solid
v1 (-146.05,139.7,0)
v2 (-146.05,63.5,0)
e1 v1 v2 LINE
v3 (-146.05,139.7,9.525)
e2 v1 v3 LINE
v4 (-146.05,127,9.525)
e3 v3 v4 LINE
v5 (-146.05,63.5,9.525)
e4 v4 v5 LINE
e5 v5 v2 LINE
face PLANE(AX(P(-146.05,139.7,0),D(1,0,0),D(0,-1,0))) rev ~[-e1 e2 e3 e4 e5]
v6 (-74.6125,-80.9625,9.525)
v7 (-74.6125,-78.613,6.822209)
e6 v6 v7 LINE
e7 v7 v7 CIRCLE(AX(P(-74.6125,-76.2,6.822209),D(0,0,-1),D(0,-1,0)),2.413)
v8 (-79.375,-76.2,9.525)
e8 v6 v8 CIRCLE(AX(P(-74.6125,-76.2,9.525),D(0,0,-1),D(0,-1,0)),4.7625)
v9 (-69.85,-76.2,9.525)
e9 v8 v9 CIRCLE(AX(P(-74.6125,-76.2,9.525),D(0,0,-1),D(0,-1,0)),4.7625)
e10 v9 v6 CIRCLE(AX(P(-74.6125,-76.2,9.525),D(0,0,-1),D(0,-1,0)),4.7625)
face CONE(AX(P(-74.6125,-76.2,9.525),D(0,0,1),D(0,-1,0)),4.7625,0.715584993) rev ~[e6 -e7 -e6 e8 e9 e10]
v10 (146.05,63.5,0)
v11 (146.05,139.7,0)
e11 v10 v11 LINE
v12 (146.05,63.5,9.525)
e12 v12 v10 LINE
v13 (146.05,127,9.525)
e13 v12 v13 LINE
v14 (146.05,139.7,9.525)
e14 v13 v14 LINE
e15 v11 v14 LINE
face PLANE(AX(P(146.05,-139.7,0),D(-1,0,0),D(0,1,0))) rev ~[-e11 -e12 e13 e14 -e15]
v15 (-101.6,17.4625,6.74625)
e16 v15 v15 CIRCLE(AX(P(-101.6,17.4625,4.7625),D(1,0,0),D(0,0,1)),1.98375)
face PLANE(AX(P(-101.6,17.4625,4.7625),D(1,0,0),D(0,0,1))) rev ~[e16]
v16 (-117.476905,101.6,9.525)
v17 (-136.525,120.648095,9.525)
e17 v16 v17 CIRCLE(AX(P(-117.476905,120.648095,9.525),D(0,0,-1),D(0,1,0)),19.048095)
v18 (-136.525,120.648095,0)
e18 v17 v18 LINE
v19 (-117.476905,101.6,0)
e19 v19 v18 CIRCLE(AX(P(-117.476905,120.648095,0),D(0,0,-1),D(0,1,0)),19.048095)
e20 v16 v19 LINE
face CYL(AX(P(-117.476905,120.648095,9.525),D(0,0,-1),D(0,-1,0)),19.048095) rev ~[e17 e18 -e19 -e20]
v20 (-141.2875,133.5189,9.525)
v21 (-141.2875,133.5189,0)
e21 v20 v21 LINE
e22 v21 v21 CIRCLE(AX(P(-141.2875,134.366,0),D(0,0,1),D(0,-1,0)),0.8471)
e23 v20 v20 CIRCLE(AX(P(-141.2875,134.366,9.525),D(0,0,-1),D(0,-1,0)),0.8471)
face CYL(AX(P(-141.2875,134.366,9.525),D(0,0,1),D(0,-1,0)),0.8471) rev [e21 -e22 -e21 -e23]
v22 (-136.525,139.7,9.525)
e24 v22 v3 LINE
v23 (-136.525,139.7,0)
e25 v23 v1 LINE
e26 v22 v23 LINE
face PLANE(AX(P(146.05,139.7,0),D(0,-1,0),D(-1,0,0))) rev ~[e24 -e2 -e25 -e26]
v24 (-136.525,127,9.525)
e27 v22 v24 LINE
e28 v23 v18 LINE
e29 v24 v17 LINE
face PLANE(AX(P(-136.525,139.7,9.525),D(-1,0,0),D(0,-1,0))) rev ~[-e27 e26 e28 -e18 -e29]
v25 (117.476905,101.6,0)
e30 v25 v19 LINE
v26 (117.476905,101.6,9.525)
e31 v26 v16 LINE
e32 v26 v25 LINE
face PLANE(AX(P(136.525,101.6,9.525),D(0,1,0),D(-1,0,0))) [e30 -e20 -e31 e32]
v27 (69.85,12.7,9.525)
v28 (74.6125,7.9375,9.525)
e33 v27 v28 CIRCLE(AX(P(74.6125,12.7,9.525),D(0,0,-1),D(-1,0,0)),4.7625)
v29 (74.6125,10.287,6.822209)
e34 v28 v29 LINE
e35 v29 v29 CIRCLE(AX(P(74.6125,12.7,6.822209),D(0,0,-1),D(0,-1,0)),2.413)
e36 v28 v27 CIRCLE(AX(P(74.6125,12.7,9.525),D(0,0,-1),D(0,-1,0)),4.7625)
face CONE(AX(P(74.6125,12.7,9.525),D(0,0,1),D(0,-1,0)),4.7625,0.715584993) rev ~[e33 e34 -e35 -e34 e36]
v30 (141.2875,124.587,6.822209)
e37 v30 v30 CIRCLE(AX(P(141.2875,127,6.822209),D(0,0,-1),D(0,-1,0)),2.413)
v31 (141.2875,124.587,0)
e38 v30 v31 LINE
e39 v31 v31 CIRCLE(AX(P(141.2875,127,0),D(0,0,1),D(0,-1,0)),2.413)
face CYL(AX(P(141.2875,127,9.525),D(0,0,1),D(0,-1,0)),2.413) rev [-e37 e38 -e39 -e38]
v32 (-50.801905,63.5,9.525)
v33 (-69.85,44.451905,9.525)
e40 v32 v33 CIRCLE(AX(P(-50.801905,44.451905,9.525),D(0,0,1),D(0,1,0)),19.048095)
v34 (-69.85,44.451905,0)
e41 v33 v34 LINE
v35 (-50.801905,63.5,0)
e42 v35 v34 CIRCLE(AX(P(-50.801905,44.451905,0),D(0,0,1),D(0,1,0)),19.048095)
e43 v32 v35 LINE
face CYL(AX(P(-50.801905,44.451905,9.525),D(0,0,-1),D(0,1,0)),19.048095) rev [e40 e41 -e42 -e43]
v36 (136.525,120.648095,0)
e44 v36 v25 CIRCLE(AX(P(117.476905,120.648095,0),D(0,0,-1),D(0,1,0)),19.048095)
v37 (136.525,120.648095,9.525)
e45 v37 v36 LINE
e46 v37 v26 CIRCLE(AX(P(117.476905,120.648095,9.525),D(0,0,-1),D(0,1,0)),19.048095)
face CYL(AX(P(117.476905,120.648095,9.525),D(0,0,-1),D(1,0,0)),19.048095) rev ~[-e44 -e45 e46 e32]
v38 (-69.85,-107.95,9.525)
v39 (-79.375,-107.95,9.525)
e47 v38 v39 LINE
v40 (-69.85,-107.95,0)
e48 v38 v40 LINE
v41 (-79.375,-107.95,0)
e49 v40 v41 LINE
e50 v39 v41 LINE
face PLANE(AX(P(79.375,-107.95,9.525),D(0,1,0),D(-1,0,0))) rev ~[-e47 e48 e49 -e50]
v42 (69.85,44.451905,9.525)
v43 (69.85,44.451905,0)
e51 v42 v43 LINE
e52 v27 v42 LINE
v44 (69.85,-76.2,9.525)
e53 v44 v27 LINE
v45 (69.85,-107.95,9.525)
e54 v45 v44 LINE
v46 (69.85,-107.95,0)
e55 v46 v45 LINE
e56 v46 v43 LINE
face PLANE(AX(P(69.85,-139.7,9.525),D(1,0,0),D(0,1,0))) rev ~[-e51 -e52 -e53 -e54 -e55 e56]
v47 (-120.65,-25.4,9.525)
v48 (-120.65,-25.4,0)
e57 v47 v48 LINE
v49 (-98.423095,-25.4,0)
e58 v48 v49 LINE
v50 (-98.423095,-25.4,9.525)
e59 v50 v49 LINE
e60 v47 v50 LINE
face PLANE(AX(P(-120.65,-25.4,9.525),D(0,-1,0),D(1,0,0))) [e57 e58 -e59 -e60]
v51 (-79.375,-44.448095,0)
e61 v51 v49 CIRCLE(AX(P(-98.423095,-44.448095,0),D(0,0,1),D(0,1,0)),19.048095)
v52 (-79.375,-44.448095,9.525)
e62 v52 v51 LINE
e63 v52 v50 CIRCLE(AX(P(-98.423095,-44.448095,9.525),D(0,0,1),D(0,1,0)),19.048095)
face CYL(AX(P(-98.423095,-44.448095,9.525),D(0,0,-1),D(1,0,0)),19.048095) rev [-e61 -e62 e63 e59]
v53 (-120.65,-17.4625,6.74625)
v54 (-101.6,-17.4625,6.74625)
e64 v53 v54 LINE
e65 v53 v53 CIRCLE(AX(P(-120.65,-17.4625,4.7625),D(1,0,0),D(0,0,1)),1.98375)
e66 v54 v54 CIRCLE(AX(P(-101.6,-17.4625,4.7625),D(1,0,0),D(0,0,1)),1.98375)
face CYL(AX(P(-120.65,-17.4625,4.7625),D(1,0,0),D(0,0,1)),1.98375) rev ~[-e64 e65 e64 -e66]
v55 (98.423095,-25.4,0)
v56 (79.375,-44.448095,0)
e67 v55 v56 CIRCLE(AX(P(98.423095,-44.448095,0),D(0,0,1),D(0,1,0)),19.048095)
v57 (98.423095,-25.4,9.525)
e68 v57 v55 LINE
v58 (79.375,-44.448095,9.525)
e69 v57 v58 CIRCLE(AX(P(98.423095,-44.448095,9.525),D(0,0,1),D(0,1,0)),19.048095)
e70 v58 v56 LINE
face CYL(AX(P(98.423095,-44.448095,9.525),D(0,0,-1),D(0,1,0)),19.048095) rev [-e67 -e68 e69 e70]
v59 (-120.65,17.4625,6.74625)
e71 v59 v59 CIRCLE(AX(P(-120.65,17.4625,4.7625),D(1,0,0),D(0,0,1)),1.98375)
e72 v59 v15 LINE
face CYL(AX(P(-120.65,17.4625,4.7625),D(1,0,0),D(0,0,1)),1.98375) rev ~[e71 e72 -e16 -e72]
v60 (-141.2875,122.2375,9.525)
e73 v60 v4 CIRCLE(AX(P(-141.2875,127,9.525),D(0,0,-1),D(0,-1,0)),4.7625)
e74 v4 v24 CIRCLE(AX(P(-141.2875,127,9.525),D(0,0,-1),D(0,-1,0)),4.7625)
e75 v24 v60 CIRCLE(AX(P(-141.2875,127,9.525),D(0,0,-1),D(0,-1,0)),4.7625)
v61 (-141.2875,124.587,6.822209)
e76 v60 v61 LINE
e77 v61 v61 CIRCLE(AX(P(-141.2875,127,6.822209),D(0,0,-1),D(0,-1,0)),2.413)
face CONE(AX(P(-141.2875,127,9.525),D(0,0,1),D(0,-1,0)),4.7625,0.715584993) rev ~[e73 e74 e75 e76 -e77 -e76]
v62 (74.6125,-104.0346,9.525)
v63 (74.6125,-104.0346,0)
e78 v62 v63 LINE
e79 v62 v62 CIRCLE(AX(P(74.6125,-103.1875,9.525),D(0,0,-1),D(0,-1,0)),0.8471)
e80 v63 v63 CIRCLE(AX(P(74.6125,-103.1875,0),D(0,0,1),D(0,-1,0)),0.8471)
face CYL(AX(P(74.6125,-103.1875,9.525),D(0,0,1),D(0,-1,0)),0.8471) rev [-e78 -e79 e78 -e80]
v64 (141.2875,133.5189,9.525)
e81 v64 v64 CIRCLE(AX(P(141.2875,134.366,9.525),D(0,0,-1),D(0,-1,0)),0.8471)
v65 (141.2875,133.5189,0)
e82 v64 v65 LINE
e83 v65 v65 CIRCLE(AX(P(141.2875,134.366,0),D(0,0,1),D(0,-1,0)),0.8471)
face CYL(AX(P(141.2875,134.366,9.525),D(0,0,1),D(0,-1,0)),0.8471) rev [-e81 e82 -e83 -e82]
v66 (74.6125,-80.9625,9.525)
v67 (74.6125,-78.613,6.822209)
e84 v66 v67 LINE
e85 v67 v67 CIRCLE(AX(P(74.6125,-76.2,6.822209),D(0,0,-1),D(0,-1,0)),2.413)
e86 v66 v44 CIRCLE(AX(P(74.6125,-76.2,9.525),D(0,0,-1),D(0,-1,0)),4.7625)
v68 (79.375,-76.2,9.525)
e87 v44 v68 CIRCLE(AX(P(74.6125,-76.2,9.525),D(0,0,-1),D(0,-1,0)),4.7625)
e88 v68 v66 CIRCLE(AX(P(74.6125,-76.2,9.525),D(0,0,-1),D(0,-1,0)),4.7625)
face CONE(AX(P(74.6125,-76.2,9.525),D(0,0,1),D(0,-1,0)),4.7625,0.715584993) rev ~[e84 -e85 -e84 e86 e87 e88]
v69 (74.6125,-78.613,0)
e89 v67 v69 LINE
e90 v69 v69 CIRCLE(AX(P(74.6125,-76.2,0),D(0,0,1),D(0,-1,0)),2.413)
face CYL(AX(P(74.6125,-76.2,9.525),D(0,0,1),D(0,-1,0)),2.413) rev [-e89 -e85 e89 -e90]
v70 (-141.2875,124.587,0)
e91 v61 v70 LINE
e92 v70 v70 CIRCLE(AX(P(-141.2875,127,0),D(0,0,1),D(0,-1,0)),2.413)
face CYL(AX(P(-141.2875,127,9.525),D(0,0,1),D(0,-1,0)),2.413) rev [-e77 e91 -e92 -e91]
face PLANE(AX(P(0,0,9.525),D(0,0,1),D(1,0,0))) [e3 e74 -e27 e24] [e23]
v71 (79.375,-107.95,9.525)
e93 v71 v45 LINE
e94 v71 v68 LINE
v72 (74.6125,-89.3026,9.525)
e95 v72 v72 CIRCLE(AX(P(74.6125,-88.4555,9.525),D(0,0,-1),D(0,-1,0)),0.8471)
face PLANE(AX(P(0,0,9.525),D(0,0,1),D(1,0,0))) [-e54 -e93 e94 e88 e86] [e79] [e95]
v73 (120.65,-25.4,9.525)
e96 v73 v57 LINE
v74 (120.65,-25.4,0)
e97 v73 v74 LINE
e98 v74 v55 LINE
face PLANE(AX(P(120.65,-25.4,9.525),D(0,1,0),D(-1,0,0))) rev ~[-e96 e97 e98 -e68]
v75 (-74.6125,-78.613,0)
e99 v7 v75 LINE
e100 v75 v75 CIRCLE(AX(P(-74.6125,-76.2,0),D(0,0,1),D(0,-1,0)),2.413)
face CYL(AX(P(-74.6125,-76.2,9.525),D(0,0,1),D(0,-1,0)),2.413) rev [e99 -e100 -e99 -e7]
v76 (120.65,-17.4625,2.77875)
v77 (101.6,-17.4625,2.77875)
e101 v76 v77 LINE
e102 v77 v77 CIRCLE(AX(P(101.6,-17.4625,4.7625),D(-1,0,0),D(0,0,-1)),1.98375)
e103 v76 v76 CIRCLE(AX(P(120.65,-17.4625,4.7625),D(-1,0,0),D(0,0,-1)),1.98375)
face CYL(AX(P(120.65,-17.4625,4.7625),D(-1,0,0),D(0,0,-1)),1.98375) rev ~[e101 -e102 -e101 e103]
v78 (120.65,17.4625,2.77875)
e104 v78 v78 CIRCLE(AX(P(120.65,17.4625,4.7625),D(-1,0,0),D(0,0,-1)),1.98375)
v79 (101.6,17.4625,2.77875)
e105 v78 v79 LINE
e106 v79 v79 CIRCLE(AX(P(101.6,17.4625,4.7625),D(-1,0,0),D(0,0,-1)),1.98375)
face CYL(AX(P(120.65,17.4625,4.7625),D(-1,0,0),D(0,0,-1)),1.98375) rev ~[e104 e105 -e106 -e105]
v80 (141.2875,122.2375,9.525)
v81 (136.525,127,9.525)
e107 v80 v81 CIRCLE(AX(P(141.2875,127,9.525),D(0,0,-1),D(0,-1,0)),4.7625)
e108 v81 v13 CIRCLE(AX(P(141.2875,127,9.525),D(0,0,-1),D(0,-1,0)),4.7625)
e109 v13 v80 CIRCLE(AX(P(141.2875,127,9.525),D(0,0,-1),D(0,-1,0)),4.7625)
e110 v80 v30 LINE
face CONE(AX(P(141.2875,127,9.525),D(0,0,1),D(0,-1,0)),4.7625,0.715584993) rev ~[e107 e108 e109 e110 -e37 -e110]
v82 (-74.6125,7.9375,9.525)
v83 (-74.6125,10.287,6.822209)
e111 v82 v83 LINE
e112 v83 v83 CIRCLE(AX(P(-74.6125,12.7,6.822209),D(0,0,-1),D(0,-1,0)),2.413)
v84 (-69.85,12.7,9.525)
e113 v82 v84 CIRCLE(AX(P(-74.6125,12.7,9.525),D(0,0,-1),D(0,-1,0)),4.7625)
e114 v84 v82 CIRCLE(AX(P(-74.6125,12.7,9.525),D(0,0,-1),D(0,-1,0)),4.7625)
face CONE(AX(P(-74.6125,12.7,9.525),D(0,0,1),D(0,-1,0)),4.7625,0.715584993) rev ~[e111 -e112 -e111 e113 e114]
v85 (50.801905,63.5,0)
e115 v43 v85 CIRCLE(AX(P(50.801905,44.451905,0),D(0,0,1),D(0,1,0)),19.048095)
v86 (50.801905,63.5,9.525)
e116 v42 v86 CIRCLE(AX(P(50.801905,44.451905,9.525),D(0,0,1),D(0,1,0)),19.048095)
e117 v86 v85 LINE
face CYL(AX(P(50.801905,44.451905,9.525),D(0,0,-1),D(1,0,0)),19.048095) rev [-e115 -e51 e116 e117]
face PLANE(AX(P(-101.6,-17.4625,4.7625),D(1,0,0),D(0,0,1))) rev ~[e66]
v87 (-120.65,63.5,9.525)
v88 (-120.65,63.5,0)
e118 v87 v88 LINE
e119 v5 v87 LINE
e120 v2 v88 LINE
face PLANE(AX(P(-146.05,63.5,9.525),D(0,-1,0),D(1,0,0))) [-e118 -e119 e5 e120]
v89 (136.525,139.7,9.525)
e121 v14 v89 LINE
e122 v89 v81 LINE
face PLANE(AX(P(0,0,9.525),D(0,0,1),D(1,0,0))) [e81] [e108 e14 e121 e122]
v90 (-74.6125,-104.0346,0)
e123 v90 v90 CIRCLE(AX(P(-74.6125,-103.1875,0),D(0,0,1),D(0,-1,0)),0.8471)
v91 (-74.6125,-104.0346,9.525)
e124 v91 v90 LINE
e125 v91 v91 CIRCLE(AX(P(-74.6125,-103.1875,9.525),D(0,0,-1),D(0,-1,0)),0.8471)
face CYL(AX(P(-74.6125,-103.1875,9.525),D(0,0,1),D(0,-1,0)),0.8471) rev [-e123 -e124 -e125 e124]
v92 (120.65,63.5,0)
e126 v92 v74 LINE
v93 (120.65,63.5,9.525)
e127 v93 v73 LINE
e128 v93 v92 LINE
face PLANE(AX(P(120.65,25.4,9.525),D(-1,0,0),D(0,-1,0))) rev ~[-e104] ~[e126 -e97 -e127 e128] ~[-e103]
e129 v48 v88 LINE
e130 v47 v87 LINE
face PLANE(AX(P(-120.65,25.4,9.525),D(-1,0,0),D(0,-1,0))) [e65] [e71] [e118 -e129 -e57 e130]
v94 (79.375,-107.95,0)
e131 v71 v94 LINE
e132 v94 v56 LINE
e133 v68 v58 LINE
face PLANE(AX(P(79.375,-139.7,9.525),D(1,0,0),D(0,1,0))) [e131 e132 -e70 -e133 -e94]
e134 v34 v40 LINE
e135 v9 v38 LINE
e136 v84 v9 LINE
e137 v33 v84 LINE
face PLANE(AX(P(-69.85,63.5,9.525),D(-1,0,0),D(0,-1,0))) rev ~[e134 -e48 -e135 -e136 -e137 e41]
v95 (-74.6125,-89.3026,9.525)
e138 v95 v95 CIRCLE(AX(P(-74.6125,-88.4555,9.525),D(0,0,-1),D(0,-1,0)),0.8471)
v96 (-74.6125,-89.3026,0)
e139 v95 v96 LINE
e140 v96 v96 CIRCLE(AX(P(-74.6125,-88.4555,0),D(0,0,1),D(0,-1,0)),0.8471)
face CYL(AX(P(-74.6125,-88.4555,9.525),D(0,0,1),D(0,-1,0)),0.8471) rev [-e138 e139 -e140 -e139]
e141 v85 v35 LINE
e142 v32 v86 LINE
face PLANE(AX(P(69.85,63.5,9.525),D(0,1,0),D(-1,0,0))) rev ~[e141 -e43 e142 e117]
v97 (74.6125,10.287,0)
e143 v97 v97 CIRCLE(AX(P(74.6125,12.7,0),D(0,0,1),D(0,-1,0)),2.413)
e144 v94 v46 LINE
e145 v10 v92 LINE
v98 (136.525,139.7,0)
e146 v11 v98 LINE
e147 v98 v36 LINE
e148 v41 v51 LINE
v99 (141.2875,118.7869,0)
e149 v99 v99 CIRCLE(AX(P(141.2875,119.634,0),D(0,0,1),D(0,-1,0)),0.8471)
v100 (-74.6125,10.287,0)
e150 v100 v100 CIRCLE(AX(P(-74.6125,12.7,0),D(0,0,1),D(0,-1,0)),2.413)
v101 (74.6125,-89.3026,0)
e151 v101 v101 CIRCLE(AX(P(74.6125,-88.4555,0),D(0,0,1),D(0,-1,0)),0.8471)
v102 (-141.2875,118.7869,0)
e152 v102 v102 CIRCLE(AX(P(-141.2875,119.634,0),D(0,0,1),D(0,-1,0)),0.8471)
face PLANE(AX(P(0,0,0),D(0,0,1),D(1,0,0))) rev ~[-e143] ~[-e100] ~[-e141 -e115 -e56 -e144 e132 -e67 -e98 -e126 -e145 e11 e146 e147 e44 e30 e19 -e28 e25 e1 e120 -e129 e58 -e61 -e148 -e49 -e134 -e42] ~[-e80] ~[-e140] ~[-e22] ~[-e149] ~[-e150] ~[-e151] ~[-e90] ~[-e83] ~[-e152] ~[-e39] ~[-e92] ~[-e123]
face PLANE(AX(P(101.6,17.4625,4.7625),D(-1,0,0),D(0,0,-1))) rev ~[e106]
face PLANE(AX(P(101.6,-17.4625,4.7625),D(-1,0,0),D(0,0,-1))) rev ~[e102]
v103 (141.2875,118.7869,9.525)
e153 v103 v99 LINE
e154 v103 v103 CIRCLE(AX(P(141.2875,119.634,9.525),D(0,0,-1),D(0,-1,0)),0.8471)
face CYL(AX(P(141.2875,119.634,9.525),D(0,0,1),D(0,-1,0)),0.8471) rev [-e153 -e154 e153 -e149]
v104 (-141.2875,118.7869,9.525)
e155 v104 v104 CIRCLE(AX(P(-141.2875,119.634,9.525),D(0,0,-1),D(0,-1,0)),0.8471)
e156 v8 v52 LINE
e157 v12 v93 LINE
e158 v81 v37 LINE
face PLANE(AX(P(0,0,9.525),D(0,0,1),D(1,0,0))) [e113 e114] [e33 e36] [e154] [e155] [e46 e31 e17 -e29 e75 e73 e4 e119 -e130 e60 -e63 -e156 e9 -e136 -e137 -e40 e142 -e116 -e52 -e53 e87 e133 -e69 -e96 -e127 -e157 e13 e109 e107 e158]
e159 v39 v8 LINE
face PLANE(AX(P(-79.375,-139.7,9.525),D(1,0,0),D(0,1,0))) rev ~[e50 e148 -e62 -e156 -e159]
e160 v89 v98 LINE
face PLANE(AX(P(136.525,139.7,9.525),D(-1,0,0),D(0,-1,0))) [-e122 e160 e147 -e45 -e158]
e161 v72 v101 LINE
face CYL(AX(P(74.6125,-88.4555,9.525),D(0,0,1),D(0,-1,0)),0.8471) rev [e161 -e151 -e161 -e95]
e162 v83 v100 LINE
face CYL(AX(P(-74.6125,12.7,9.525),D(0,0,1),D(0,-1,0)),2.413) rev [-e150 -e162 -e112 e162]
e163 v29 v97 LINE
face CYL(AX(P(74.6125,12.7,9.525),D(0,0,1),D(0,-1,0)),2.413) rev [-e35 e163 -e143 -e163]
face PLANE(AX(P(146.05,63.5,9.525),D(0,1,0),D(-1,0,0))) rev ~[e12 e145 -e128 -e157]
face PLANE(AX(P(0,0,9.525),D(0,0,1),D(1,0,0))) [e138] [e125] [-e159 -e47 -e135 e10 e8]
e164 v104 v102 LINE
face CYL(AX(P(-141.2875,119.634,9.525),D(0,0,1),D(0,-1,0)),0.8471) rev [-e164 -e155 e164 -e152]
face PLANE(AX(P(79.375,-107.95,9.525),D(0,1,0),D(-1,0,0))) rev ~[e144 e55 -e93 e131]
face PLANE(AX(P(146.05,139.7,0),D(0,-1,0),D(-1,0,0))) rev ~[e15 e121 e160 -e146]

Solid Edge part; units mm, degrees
sketch "Sketch1" plane through (0, 0, 0) normal (0, 0, 1) x (1, 0, 0)
  line L0 (-146.05, 139.7) -> (-146.05, -139.7)
  line L1 (-146.05, -139.7) -> (146.05, -139.7)
  line L2 (146.05, -139.7) -> (146.05, 139.7)
  line L3 (146.05, 139.7) -> (-146.05, 139.7)
  dimension "D1" = 292.1
  dimension "D2" = 279.4
extrude "Protrusion1" add sketch "Sketch1" along normal blind 9.525
sketch "Sketch2" plane through (0, 0, 9.525) normal (0, 0, 1) x (1, 0, 0)
  line L0 (-50.8, -139.7) -> (-50.8, 63.5)
  line L1 (-50.8, 63.5) -> (50.8, 63.5)
  line L2 (50.8, 63.5) -> (50.8, -139.7)
  line L3 (50.8, -139.7) -> (-50.8, -139.7)
  dimension "D1" = 203.2
  dimension "D2" = 101.6
  dimension "D3" = 95.25
  dimension "D4" = 95.25
extrude "Cutout1" cut sketch "Sketch2" against normal up to next
sketch "Sketch3" plane through (0, 0, 9.525) normal (0, 0, 1) x (1, 0, 0)
  line L0 (146.05, 38.1) -> (146.05, -38.1)
  line L1 (146.05, -38.1) -> (127, -38.1)
  line L2 (127, -38.1) -> (127, 38.1)
  line L3 (127, 38.1) -> (146.05, 38.1)
  line L4 (-146.05, 38.1) -> (-146.05, -38.1)
  line L5 (-146.05, -38.1) -> (-127, -38.1)
  line L6 (-127, -38.1) -> (-127, 38.1)
  line L7 (-127, 38.1) -> (-146.05, 38.1)
  dimension "D1" = 19.05
  dimension "D2" = 76.2
  dimension "D3" = 101.6
  dimension "D4" = 76.2
extrude "Cutout2" cut sketch "Sketch3" against normal up to next
sketch "Sketch4" plane through (0, 0, 9.525) normal (0, 0, 1) x (1, 0, 0)
  line L0 (136.525, 101.6) -> (-136.525, 101.6)
  line L1 (-136.525, 139.7) -> (-136.525, 101.6)
  line L2 (136.525, 139.7) -> (-136.525, 139.7)
  line L3 (136.525, 139.7) -> (136.525, 101.6)
  line L4 (79.375, -139.7) -> (79.375, 63.5)
  line L5 (146.05, 63.5) -> (79.375, 63.5)
  line L6 (146.05, 63.5) -> (146.05, 38.1)
  line L7 (146.05, 38.1) -> (127, 38.1)
  line L8 (127, -38.1) -> (127, 38.1)
  line L9 (146.05, -38.1) -> (127, -38.1)
  line L10 (146.05, -38.1) -> (146.05, -139.7)
  line L11 (146.05, -139.7) -> (79.375, -139.7)
  line L12 (-69.85, 63.5) -> (-69.85, -139.7)
  line L13 (-69.85, -139.7) -> (69.85, -139.7)
  line L14 (69.85, -139.7) -> (69.85, 63.5)
  line L15 (69.85, 63.5) -> (-69.85, 63.5)
  line L16 (-79.375, -139.7) -> (-79.375, 63.5)
  line L17 (-146.05, 63.5) -> (-79.375, 63.5)
  line L18 (-146.05, 63.5) -> (-146.05, 38.1)
  line L19 (-146.05, 38.1) -> (-127, 38.1)
  line L20 (-127, -38.1) -> (-127, 38.1)
  line L21 (-146.05, -38.1) -> (-127, -38.1)
  line L22 (-146.05, -38.1) -> (-146.05, -139.7)
  line L23 (-146.05, -139.7) -> (-79.375, -139.7)
  dimension "D1" = 9.525
  dimension "D2" = 9.525
  dimension "D3" = 38.1
  dimension "D4" = 9.525
  dimension "D5" = 9.525
  dimension "D6" = 69.85
  dimension "D7" = 139.7
extrude "Cutout3" cut sketch "Sketch4" against normal through all
hole "Hole_1" at (-74.6125, -76.2, 9.525) direction (0, 0, -1) diameter 4.826 end up to next countersink diameter 9.525 countersink angle 82
hole "Hole1" at (74.6125, -76.2, 9.525) direction (0, 0, -1) diameter 4.826 end up to next countersink diameter 9.525 countersink angle 82
hole "Hole2" at (74.6125, 12.7, 9.525) direction (0, 0, -1) diameter 4.826 end up to next countersink diameter 9.525 countersink angle 82
hole "Hole3" at (-74.6125, 12.7, 9.525) direction (0, 0, -1) diameter 4.826 end up to next countersink diameter 9.525 countersink angle 82
sketch "Sketch5" plane through (0, 0, 9.525) normal (0, 0, 1) x (1, 0, 0)
  line L0 (120.65, 25.4) -> (120.65, -25.4)
  line L1 (120.65, -25.4) -> (79.375, -25.4)
  line L2 (79.375, -25.4) -> (79.375, 25.4)
  line L3 (79.375, 25.4) -> (120.65, 25.4)
  line L4 (-120.65, 25.4) -> (-120.65, -25.4)
  line L5 (-120.65, -25.4) -> (-79.375, -25.4)
  line L6 (-79.375, -25.4) -> (-79.375, 25.4)
  line L7 (-79.375, 25.4) -> (-120.65, 25.4)
  dimension "D1" = 114.3
  dimension "D2" = 50.8
  dimension "D3" = 25.4
extrude "ExtrudedProtrusion_2" add sketch "Sketch5" against normal blind 9.525
hole "Hole4" at (141.2875, 127, 9.525) direction (0, 0, -1) diameter 4.826 end up to next countersink diameter 9.525 countersink angle 82
hole "Hole5" at (-141.2875, 127, 9.525) direction (0, 0, -1) diameter 4.826 end up to next countersink diameter 9.525 countersink angle 82
fillet "Round_1" radius 19.05 10 edges at (-79.375, 63.5, 4.7625) (-79.375, 25.4, 4.7625) (-79.375, -25.4, 4.7625) (-136.525, 101.6, 4.7625) (136.525, 101.6, 4.7625) (-69.85, 63.5, 4.7625) (69.85, 63.5, 4.7625) (79.375, 63.5, 4.7625) (79.375, 25.4, 4.7625) (79.375, -25.4, 4.7625)
sketch "Sketch6" plane through (0, 44.45, 9.525) normal (0, 0, 1) x (1, 0, 0)
  line L0 (-79.375, -184.15) -> (79.375, -184.15)
  line L1 (79.375, -184.15) -> (79.375, -152.4)
  line L2 (79.375, -152.4) -> (-79.375, -152.4)
  line L3 (-79.375, -152.4) -> (-79.375, -184.15)
  dimension "D1" = 31.75
extrude "ExtrudedCutout_6" cut sketch "Sketch6" against normal blind 63.5
sketch "Sketch7" plane through (0, 6.35, 9.525) normal (0, 0, 1) x (1, 0, 0)
  line L0 (-120.65, 57.15) -> (-120.65, 19.05)
  line L1 (-120.65, 19.05) -> (-75.6751, 19.05)
  line L2 (-75.6751, 19.05) -> (-75.6751, 57.15)
  line L3 (-75.6751, 57.15) -> (-120.65, 57.15)
  line L4 (120.65, 57.15) -> (120.65, 19.05)
  line L5 (120.65, 19.05) -> (75.6751, 19.05)
  line L6 (75.6751, 19.05) -> (75.6751, 57.15)
  line L7 (75.6751, 57.15) -> (120.65, 57.15)
extrude "ExtrudedProtrusion_4" add sketch "Sketch7" against normal blind 9.525
hole "Hole6" at (-74.6125, -88.4555, 9.525) direction (0, 0, -1) diameter 1.6942 end through all
hole "Hole7" at (74.6125, -103.1875, 9.525) direction (0, 0, -1) diameter 1.6942 end through all
hole "Hole8" at (74.6125, -88.4555, 9.525) direction (0, 0, -1) diameter 1.6942 end through all
hole "Hole9" at (-74.6125, -103.1875, 9.525) direction (0, 0, -1) diameter 1.6942 end through all
hole "Hole10" at (-141.2875, 119.634, 9.525) direction (0, 0, -1) diameter 1.6942 end through all
hole "Hole11" at (-141.2875, 134.366, 9.525) direction (0, 0, -1) diameter 1.6942 end through all
hole "Hole12" at (141.2875, 119.634, 9.525) direction (0, 0, -1) diameter 1.6942 end through all
hole "Hole13" at (141.2875, 134.366, 9.525) direction (0, 0, -1) diameter 1.6942 end through all
hole "Hole14" at (-120.65, 17.4625, 4.7625) direction (1, 0, 0) diameter 3.9675 depth 19.05
hole "Hole15" at (-120.65, -17.4625, 4.7625) direction (1, 0, 0) diameter 3.9675 depth 19.05
hole "Hole16" at (120.65, 17.4625, 4.7625) direction (-1, 0, 0) diameter 3.9675 depth 19.05
hole "Hole17" at (120.65, -17.4625, 4.7625) direction (-1, 0, 0) diameter 3.9675 depth 19.05
properties part number "CHAS-01" material "Polyethylene, low density"
